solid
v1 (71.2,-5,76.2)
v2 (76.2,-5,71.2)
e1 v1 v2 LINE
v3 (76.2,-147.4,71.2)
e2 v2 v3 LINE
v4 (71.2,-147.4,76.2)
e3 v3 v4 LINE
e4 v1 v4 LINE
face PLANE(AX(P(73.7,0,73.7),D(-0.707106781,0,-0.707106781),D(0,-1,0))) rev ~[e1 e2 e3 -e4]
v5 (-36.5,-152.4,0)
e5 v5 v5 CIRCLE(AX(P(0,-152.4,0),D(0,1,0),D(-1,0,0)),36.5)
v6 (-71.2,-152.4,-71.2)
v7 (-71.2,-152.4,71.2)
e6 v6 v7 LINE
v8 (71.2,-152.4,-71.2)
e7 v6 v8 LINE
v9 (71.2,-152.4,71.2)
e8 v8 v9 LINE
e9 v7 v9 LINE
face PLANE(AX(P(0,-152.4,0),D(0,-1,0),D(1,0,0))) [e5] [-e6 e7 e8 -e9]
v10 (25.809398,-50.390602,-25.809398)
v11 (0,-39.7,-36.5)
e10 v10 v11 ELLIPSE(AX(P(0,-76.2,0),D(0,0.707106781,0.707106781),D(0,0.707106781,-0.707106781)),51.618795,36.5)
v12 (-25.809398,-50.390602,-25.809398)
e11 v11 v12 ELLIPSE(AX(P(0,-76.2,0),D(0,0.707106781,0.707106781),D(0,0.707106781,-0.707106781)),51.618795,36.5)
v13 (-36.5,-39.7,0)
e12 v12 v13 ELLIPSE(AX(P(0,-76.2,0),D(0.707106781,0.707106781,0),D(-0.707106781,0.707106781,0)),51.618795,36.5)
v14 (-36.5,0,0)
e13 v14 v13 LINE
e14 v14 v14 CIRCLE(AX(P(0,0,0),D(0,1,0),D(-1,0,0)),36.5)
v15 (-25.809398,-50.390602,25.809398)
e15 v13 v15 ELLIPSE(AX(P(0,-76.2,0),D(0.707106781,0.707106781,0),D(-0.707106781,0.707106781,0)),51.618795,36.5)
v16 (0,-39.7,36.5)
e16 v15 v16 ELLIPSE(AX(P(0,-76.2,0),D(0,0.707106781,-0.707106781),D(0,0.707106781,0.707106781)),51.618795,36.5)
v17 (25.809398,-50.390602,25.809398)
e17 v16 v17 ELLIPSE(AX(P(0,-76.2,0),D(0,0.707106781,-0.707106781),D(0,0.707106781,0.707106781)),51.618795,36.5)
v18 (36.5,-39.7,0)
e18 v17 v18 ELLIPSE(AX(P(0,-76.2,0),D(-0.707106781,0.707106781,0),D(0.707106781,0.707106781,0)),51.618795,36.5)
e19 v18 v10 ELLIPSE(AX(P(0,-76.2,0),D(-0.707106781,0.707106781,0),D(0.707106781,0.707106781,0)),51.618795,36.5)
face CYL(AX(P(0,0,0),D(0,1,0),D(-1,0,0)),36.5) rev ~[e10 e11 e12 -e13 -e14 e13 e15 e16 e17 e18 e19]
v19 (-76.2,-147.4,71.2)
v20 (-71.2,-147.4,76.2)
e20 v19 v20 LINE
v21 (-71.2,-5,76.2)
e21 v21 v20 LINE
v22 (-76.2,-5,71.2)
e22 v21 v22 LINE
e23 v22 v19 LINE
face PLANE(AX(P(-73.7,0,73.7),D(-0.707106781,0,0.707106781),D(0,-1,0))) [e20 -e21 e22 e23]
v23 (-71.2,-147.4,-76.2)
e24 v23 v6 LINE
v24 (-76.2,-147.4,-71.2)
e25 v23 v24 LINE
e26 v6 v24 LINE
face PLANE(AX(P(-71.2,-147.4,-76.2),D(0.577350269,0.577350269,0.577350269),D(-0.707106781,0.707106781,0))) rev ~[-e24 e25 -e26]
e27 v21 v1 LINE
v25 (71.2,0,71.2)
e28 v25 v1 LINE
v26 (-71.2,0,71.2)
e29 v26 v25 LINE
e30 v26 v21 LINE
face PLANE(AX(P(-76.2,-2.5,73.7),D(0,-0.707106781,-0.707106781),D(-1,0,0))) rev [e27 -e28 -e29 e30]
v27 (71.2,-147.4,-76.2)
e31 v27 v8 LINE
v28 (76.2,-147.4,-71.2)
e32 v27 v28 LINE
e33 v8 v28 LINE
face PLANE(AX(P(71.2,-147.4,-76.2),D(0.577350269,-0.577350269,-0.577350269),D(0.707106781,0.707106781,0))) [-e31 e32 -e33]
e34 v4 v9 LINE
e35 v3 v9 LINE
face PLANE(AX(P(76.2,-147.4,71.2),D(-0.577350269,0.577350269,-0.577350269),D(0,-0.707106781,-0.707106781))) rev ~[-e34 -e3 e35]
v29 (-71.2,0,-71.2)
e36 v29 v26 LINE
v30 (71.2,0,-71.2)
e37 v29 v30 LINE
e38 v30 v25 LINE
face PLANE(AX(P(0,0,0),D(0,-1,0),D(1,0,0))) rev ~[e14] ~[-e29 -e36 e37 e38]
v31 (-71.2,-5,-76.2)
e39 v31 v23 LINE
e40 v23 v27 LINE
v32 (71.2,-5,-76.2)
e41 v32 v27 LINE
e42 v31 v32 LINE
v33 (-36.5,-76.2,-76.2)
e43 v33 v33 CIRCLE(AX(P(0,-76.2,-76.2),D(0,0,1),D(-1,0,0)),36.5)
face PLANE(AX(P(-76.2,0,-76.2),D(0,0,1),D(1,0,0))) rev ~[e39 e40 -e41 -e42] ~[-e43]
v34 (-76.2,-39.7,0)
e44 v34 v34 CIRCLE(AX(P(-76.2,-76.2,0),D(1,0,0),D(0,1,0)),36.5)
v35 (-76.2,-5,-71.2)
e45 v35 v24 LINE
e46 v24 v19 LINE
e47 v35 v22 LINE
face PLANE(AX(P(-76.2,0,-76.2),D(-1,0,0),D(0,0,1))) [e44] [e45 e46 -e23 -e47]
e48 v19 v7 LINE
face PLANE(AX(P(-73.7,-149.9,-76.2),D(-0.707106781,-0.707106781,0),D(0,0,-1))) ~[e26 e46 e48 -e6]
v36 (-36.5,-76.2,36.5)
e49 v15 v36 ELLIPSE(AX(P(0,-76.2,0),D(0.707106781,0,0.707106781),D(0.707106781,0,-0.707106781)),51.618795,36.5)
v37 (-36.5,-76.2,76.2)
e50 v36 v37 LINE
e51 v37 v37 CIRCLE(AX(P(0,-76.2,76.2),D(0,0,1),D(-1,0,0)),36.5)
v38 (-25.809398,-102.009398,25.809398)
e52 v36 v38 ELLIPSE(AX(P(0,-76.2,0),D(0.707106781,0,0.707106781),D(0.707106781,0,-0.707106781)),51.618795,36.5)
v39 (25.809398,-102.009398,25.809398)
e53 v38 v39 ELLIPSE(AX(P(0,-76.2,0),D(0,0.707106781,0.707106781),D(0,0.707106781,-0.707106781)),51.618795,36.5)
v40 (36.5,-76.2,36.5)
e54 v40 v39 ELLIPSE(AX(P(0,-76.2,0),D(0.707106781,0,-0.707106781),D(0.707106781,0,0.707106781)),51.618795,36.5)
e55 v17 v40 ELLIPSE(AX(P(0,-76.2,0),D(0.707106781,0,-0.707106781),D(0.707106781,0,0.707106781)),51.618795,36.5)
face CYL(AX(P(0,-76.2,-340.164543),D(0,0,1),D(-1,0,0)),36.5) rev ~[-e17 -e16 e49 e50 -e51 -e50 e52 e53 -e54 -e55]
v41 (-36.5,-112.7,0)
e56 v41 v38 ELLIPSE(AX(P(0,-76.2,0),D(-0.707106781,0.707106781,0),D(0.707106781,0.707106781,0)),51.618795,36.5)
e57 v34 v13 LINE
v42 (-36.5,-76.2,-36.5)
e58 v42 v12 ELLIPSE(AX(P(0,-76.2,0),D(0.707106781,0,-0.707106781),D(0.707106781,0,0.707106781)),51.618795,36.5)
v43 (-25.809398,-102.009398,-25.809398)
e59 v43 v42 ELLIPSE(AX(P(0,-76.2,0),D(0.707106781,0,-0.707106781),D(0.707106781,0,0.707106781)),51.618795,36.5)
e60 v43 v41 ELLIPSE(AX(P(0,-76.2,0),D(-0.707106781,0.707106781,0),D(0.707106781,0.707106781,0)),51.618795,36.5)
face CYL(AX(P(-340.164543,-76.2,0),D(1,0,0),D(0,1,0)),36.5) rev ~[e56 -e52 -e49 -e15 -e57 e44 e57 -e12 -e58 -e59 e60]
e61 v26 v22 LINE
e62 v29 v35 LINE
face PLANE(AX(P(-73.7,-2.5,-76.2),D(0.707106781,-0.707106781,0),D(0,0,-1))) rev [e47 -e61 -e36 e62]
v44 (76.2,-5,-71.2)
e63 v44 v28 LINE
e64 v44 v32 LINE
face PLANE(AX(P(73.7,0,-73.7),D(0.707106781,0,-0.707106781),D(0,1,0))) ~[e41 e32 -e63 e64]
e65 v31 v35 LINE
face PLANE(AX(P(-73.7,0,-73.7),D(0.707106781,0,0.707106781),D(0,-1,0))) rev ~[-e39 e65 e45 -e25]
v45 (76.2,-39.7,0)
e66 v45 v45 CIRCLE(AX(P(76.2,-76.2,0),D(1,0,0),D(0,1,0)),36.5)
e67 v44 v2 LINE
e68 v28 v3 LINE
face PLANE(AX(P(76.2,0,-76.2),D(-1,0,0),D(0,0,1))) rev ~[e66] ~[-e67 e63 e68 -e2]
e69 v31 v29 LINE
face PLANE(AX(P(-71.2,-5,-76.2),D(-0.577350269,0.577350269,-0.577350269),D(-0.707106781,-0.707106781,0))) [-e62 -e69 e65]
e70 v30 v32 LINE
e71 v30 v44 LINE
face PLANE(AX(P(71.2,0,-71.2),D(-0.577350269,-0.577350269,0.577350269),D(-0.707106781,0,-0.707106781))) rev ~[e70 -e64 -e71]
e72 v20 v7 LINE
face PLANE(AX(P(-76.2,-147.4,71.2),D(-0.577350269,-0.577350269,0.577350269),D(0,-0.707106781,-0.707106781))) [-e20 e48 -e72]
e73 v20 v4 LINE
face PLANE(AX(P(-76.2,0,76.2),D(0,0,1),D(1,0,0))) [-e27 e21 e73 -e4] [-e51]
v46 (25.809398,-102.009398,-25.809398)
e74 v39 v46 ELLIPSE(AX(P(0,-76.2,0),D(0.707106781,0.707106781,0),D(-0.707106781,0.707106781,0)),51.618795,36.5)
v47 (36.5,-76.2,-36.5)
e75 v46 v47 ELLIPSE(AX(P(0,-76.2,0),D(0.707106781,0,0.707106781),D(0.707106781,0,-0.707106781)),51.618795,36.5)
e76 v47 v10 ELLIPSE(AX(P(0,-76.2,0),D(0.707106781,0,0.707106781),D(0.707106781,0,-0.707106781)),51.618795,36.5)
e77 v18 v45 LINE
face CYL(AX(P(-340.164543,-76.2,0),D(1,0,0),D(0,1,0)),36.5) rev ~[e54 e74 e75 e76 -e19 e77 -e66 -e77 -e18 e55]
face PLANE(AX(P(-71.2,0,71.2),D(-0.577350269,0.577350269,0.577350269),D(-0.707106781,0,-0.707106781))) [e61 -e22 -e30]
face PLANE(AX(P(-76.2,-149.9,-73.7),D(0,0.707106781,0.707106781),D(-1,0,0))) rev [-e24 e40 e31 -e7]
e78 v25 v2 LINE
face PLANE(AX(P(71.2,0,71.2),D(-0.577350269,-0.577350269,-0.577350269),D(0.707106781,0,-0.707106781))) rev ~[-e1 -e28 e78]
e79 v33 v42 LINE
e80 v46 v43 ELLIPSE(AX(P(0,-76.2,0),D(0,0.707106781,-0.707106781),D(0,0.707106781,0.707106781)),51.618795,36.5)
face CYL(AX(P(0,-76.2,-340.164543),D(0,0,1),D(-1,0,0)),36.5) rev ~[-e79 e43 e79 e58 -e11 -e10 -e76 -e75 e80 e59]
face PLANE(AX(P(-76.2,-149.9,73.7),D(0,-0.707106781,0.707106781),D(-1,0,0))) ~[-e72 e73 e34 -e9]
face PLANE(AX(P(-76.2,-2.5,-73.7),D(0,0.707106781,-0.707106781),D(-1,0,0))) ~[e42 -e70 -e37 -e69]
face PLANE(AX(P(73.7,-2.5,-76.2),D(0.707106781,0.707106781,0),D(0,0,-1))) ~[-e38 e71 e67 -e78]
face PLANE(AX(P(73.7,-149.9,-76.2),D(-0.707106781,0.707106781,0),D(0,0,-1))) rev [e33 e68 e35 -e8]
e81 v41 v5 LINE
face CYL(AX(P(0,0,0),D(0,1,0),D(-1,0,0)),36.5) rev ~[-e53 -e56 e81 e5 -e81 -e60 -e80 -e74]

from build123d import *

# Parameters (mm, degrees)
F0_W       = 152.4
F0_H       = 152.4
F1_DEPTH   = 152.4
F2_SIZE    = 5
F3_R       = 36.5
F4_DEPTH   = 152.401
F7_D       = 73
F7_ON_F5_D = 73


with BuildPart() as f1:
    # F0 (on Front) → F1 (new body)
    with BuildSketch(Plane.XZ):
        Rectangle(F0_W, F0_H)
    extrude(amount=F1_DEPTH)

    # F2
    f2_edges = [f1.edges().sort_by_distance(p)[0] for p in [
        (0, -152.4, 76.2),
        (-76.2, -76.2, 76.2),
        (76.2, -76.2, 76.2),
        (0, 0, 76.2),
        (76.2, -152.4, 0),
        (-76.2, -152.4, 0),
        (0, -152.4, -76.2),
        (76.2, -76.2, -76.2),
        (76.2, 0, 0),
        (-76.2, 0, 0),
        (0, 0, -76.2),
        (-76.2, -76.2, -76.2),
    ]]
    chamfer(f2_edges, length=F2_SIZE)

    # F3 (on face) → F4 (cut, through all)
    with BuildSketch(Plane(origin=(0, 0, 0), x_dir=(-1, 0, 0), z_dir=(0, 1, 0))):
        Circle(F3_R)
    extrude(amount=-F4_DEPTH, mode=Mode.SUBTRACT)

    # F7 (through all)
    with Locations(Plane(origin=(-76.2, 0, 0), x_dir=(0, -1, 0), z_dir=(-1, 0, 0))):
        with Locations((76.2, 0)):
            Hole(F7_D / 2)

    # F7 on F5 (through all)
    with Locations(Plane(origin=(0, 0, -76.2), x_dir=(1, 0, 0), z_dir=(0, 0, -1))):
        with Locations((0, 76.2)):
            Hole(F7_ON_F5_D / 2)


solid = f1.part
